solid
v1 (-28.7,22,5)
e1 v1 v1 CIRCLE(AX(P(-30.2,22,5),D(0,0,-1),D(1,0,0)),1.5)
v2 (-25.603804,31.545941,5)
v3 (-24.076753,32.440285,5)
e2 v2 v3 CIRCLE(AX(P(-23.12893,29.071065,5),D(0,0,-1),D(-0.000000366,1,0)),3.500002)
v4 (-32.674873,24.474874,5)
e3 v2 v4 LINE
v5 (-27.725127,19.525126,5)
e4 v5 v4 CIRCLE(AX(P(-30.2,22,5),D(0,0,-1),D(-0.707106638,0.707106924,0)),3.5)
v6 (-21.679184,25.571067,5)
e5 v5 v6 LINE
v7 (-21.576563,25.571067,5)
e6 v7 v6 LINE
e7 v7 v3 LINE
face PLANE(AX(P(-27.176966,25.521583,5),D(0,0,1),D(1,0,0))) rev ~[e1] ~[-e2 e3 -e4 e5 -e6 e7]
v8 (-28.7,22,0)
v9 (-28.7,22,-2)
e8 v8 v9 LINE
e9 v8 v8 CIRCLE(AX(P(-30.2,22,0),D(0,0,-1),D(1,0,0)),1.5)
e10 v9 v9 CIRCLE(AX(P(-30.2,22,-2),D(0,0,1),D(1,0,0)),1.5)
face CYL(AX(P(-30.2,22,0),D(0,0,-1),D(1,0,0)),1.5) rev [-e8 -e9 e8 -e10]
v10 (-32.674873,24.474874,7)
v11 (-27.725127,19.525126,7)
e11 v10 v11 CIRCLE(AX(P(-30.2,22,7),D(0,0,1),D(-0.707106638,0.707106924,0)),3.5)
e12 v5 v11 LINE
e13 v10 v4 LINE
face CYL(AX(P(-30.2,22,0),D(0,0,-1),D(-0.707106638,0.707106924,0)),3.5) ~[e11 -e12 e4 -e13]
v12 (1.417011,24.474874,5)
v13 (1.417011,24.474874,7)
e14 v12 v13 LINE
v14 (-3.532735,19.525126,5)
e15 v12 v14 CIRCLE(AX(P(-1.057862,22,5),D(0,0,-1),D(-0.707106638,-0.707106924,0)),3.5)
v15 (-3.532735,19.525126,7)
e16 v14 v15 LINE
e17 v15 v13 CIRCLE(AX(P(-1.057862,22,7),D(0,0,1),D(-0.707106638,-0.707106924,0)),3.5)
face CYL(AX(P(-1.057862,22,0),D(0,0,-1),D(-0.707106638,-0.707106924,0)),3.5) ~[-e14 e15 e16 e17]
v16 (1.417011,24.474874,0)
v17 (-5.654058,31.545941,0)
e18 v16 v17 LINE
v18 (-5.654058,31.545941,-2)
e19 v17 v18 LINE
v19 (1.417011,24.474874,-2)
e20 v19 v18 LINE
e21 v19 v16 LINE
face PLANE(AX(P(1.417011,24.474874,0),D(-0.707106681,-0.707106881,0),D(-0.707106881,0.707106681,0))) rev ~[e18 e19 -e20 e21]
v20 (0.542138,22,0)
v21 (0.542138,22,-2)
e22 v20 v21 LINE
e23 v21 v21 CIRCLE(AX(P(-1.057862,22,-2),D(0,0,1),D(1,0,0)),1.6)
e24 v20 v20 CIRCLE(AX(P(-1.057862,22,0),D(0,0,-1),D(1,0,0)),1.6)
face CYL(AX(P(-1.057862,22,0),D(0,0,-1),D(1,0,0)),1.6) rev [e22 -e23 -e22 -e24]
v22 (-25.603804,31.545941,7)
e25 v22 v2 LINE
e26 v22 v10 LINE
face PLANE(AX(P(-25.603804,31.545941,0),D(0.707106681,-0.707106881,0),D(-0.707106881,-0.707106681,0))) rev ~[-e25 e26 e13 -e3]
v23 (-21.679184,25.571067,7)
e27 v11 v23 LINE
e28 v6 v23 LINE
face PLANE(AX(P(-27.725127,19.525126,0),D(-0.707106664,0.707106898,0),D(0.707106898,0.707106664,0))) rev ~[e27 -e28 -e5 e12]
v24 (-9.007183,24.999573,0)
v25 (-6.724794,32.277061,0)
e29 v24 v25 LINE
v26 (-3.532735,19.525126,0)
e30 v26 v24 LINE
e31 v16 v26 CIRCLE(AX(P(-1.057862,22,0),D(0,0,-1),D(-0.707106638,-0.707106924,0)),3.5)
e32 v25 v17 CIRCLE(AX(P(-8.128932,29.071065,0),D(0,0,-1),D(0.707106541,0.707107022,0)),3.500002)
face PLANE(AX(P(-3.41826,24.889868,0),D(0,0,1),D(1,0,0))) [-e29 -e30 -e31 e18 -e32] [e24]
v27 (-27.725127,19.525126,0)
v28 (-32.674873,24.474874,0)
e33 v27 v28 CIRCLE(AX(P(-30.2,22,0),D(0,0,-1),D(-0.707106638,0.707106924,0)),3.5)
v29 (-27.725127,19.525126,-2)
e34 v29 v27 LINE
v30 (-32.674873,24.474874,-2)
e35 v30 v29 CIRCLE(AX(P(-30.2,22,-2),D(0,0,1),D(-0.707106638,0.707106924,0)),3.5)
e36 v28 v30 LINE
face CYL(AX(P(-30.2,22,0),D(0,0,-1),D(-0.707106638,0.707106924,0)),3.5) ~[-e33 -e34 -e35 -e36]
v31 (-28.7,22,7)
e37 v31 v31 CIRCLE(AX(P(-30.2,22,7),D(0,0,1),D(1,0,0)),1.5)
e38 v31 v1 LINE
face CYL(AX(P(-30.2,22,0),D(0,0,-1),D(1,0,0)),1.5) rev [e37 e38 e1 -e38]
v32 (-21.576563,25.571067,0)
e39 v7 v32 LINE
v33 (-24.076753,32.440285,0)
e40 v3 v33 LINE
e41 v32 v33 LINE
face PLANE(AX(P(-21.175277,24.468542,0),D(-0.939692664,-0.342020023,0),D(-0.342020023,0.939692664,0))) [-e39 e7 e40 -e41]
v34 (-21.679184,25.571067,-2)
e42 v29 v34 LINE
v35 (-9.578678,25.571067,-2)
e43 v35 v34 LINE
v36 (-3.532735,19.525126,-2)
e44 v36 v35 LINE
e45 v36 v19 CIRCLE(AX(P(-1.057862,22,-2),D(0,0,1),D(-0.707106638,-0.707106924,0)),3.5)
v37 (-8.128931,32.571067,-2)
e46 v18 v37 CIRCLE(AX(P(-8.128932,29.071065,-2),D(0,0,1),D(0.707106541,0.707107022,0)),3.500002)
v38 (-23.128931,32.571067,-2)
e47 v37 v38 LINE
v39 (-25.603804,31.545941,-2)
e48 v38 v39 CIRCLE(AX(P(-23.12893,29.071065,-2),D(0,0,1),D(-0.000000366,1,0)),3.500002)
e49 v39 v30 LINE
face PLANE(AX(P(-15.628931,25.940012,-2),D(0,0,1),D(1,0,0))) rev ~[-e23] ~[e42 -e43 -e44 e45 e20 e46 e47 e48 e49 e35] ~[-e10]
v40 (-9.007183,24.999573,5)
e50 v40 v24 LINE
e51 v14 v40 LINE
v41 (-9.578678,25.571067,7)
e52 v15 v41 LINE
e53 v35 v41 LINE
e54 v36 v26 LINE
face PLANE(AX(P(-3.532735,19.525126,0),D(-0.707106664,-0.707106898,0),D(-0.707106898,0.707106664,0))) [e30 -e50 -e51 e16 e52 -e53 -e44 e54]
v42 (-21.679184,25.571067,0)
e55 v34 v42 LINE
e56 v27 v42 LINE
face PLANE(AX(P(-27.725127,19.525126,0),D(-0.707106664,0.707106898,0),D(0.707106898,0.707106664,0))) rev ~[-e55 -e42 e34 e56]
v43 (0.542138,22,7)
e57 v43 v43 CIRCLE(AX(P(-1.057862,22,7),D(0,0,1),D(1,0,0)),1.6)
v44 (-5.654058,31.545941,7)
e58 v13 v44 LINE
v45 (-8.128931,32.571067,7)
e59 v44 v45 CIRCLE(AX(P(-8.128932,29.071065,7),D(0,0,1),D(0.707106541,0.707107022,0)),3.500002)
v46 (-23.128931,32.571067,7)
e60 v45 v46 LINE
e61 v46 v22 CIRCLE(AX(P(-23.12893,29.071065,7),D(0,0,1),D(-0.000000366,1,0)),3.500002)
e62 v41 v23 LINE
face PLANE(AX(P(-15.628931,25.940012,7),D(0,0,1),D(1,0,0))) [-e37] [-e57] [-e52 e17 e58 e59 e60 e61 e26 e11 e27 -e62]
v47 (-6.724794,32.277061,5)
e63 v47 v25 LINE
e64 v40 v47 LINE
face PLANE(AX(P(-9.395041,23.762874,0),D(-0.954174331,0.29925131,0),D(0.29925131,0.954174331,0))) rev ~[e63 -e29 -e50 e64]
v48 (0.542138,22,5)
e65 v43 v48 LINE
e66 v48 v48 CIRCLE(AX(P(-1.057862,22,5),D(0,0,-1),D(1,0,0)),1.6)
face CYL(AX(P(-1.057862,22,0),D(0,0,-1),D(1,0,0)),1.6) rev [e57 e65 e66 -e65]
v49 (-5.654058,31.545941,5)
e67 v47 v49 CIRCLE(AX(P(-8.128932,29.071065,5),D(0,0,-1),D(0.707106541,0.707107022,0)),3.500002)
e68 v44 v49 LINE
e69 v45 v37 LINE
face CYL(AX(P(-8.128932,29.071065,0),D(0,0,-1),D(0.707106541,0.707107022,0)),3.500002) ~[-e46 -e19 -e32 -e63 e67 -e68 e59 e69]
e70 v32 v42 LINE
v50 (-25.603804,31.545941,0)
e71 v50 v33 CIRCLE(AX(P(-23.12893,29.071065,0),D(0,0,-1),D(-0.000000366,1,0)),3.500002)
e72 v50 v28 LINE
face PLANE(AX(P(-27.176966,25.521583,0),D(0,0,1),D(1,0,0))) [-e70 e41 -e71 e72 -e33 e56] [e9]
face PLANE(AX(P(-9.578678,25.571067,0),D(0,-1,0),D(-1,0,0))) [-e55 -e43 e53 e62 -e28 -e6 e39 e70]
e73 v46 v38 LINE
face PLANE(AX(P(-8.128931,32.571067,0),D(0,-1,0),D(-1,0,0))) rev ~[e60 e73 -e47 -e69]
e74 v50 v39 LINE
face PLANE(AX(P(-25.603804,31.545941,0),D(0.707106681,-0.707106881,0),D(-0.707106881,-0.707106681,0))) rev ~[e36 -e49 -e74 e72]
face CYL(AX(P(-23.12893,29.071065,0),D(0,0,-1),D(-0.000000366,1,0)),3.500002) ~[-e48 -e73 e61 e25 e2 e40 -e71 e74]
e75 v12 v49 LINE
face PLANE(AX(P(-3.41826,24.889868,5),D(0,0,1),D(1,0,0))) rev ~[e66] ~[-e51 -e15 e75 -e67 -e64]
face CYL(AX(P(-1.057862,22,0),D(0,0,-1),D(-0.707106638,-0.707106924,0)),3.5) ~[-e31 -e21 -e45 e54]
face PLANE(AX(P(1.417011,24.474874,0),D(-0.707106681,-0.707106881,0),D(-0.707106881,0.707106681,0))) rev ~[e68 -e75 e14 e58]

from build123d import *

# Parameters (mm, degrees)
SKETCH003_R       = 1.5
SKETCH003_R_2     = 1.6
PAD003_DEPTH      = 2
PAD003_DEPTH_BACK = 7
POCKET001_DEPTH   = 5
POCKET002_DEPTH   = 5


with BuildPart() as part:
    # Sketch003 → Pad003 (new body, two sides)
    with BuildSketch(Plane.XY) as pad003_sk:
        with BuildLine():
            ThreePointArc((-2.474873, 2.474874), (-2.474874, -2.474873), (2.474873, -2.474874))
            Line((2.474873, -2.474874), (8.520816, 3.571067))
            Line((20.621322, 3.571067), (8.520816, 3.571067))
            Line((26.667265, -2.474874), (20.621322, 3.571067))
            ThreePointArc((26.667265, -2.474874), (31.617012, -2.474873), (31.617011, 2.474874))
            Line((31.617011, 2.474874), (24.545942, 9.545941))
            ThreePointArc((24.545942, 9.545941), (23.410461, 10.304645), (22.071069, 10.571067))
            Line((22.071069, 10.571067), (7.071069, 10.571067))
            ThreePointArc((7.071069, 10.571067), (5.731677, 10.304645), (4.596196, 9.545941))
            Line((4.596196, 9.545941), (-2.474873, 2.474874))
        make_face()
        Circle(SKETCH003_R, mode=Mode.SUBTRACT)
        with Locations((29.142138, 0)):
            Circle(SKETCH003_R_2, mode=Mode.SUBTRACT)
    extrude(amount=-PAD003_DEPTH)
    extrude(pad003_sk.sketch, amount=PAD003_DEPTH_BACK)

    # Sketch006 → Pocket001 (cut)
    with BuildSketch(Plane.XY):
        with BuildLine():
            ThreePointArc((-2.651389, 2.284762), (-2.54902, -2.398437), (2.119285, -2.785432))
            Line((9.024723, 2.468542), (2.119285, -2.785432))
            Line((9.024723, 2.468542), (5.604523, 11.865468))
            Line((5.604523, 11.865468), (-2.651389, 2.284762))
        make_face()
    extrude(amount=POCKET001_DEPTH, mode=Mode.SUBTRACT)

    # Sketch008 → Pocket002 (cut)
    with BuildSketch(Plane(origin=(30, -0.7, 0), x_dir=(1, 0, 0), z_dir=(0, 0, 1))):
        with BuildLine():
            ThreePointArc((-2.085176, -2.811057), (2.596289, -2.347187), (2.587206, 2.357194))
            Line((-6.202528, 12.004617), (2.587206, 2.357194))
            Line((-9.195041, 2.462874), (-6.202528, 12.004617))
            Line((-9.195041, 2.462874), (-2.085176, -2.811057))
        make_face()
    extrude(amount=POCKET002_DEPTH, mode=Mode.SUBTRACT)


with BuildPart() as part_1:
    # Body001 placement: moved
    add(part.part.moved(Location((-30.2, 22, 0))))


solid = part_1.part
